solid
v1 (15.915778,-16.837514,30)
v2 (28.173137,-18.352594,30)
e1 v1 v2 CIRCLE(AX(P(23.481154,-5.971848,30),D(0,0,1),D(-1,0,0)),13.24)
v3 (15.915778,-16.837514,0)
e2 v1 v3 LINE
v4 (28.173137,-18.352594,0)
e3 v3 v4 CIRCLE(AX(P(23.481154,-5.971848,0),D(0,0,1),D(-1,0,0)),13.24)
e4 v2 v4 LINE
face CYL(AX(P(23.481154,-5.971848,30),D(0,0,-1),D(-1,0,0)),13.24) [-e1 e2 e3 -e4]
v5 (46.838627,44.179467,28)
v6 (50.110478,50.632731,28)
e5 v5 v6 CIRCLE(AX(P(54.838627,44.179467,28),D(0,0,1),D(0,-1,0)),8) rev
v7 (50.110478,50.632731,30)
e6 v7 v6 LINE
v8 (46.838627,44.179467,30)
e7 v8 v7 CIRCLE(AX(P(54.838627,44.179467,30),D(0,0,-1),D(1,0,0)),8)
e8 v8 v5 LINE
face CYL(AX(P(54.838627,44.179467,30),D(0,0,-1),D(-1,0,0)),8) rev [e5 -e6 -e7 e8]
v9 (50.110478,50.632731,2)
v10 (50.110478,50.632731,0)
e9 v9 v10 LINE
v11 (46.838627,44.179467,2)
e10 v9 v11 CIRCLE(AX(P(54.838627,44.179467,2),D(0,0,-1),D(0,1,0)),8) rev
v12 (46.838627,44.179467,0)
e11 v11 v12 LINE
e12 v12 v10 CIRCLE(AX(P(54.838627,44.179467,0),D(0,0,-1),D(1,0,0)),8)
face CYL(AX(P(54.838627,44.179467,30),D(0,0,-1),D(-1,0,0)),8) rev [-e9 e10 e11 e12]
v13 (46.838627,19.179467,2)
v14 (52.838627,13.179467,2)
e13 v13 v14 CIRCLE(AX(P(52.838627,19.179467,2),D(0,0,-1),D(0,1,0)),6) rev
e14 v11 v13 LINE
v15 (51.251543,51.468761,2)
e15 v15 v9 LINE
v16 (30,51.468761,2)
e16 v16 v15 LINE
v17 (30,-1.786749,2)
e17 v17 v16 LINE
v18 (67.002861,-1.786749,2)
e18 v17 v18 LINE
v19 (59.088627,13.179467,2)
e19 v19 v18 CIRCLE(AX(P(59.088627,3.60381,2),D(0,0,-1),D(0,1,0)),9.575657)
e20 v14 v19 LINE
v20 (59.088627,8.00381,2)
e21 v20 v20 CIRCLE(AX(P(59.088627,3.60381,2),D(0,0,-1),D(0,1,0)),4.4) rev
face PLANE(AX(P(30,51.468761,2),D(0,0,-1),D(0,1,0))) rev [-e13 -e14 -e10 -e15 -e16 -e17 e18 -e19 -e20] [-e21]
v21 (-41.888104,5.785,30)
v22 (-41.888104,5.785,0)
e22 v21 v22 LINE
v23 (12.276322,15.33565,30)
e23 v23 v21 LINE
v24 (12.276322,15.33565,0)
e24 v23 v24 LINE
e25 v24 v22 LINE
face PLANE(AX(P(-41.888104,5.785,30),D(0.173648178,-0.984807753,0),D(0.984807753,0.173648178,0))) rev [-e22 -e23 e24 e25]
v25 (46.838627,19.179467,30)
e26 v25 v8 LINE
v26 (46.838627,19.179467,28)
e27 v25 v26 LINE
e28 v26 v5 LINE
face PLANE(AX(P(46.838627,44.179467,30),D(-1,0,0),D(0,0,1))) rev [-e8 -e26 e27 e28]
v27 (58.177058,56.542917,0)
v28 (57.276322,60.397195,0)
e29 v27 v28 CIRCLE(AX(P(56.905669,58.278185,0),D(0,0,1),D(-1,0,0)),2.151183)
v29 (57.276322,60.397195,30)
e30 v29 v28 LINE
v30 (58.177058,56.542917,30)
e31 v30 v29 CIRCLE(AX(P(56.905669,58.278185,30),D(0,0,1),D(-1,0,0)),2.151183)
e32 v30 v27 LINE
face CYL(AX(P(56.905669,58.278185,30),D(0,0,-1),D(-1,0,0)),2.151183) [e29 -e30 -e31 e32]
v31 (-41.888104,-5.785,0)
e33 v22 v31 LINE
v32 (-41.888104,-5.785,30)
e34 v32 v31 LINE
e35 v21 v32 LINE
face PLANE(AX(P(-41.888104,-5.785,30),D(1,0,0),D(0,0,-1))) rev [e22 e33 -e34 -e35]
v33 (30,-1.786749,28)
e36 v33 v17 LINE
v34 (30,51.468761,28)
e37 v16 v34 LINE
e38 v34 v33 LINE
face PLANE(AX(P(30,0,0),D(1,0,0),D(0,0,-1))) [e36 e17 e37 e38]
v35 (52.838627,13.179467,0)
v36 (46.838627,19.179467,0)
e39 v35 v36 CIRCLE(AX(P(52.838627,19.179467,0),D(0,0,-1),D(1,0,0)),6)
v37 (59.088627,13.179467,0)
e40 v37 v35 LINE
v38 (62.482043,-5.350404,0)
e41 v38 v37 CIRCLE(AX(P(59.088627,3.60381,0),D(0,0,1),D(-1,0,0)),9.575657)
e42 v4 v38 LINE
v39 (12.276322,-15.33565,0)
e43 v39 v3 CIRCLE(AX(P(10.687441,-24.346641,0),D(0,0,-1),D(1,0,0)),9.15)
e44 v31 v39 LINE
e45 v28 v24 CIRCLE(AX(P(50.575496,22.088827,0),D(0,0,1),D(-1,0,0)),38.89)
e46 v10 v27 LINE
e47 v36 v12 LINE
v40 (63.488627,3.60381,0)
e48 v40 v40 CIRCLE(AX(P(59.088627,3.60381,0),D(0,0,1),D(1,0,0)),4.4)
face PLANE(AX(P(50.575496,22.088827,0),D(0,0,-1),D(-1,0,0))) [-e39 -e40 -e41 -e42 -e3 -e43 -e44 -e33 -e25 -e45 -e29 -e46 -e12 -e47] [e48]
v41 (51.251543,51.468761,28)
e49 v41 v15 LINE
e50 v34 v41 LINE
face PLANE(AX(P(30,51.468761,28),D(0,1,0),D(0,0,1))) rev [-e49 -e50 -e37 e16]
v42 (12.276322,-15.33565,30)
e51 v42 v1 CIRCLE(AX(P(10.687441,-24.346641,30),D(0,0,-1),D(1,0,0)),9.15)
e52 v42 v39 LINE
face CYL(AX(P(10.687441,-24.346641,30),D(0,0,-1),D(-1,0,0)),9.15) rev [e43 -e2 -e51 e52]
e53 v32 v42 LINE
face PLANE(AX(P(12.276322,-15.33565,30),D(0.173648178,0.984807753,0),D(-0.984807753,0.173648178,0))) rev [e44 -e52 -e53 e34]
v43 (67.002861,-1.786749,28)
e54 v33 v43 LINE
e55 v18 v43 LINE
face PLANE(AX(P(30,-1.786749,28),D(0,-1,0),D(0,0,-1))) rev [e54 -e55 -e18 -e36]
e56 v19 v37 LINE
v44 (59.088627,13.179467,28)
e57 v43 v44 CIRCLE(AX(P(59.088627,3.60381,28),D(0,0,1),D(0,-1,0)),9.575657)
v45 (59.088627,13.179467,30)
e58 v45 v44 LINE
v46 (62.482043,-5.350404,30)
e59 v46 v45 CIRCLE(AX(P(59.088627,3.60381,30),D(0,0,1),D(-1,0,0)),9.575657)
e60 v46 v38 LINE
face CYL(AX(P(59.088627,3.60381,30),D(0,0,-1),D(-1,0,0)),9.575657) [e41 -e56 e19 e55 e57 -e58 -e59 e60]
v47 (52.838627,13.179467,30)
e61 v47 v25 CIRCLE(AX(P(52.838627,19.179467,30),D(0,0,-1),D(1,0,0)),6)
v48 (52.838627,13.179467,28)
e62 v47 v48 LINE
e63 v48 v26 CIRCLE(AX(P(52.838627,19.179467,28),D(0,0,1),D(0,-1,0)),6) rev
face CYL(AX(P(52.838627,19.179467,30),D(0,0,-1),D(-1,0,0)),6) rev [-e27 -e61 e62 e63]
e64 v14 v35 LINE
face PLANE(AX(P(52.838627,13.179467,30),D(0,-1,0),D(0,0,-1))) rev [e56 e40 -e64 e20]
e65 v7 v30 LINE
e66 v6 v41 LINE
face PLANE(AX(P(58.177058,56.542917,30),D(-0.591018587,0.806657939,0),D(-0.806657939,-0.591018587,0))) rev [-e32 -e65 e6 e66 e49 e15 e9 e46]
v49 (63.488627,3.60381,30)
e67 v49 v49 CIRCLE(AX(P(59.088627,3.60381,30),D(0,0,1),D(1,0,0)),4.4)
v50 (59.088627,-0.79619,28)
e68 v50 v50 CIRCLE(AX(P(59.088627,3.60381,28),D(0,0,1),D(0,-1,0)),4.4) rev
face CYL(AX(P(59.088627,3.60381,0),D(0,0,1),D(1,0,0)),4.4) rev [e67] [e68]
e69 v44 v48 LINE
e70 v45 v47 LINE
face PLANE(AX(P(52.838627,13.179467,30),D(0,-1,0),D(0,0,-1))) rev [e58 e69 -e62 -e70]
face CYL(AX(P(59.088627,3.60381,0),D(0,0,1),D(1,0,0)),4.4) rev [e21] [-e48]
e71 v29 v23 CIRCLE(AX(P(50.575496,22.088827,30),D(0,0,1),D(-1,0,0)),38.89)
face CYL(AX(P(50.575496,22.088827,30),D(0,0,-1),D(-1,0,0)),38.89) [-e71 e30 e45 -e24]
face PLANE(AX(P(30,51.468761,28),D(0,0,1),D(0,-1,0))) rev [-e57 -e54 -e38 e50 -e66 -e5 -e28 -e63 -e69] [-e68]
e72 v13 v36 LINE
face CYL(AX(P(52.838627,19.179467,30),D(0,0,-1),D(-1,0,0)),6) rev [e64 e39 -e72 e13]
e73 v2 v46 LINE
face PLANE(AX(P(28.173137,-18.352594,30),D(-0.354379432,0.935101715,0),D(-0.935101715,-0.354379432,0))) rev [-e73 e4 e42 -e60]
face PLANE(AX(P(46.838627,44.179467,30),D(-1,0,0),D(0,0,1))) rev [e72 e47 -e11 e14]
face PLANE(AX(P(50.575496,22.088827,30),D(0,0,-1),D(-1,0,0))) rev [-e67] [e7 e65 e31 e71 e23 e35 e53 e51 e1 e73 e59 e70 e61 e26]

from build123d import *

# Parameters (mm, degrees)
BOSS_EXTRUDE1_DEPTH = 30
SKETCH2_R           = 4.4
CUT_EXTRUDE1_DEPTH  = 97.608495293
SKETCH4_W           = 26
SKETCH4_H           = 53.255509589
CUT_EXTRUDE2_DEPTH  = 40


with BuildPart() as part:
    # Sketch1 → Boss-Extrude1 (new body)
    with BuildSketch(Plane.XY):
        with BuildLine():
            Line((-41.88810428, 5.785), (12.276322135, 15.335649772))
            ThreePointArc((12.276322135, 15.335649772), (23.057327156, 49.569411506), (57.276322135, 60.397194952))
            ThreePointArc((57.276322135, 60.397194952), (59.00041024, 58.767721176), (58.177057872, 56.542916587))
            Line((58.177057872, 56.542916587), (50.110478485, 50.632730719))
            ThreePointArc((50.110478485, 50.632730719), (47.703320965, 47.797119103), (46.838627179, 44.179467209))
            Line((46.838627179, 44.179467209), (46.838627179, 19.179467209))
            ThreePointArc((46.838627179, 19.179467209), (48.595986492, 14.936826522), (52.838627179, 13.179467209))
            Line((52.838627179, 13.179467209), (59.088627179, 13.179467209))
            ThreePointArc((59.088627179, 13.179467209), (68.507642402, 5.328734817), (62.482043199, -5.350403777))
            Line((62.482043199, -5.350403777), (28.173137316, -18.352594225))
            ThreePointArc((28.173137316, -18.352594225), (21.856973189, -19.111848957), (15.915778413, -16.837513523))
            ThreePointArc((15.915778413, -16.837513523), (14.177787103, -15.888509343), (12.276322135, -15.335649772))
            Line((12.276322135, -15.335649772), (-41.88810428, -5.785))
            Line((-41.88810428, -5.785), (-41.88810428, 5.785))
        make_face()
    extrude(amount=BOSS_EXTRUDE1_DEPTH)

    # Sketch2 → Cut-Extrude1 (cut, through all)
    with BuildSketch(Plane.XY.offset(30)):
        with Locations((59.088627179, 3.603809847)):
            Circle(SKETCH2_R)
    extrude(amount=-CUT_EXTRUDE1_DEPTH, mode=Mode.SUBTRACT)

    # Sketch4 → Cut-Extrude2 (cut)
    with BuildSketch(Plane(origin=(70, 0, 0), x_dir=(0, 0, -1), z_dir=(1, 0, 0))):
        with Locations((-15, 24.841006249)):
            Rectangle(SKETCH4_W, SKETCH4_H)
    extrude(amount=-CUT_EXTRUDE2_DEPTH, mode=Mode.SUBTRACT)


solid = part.part
